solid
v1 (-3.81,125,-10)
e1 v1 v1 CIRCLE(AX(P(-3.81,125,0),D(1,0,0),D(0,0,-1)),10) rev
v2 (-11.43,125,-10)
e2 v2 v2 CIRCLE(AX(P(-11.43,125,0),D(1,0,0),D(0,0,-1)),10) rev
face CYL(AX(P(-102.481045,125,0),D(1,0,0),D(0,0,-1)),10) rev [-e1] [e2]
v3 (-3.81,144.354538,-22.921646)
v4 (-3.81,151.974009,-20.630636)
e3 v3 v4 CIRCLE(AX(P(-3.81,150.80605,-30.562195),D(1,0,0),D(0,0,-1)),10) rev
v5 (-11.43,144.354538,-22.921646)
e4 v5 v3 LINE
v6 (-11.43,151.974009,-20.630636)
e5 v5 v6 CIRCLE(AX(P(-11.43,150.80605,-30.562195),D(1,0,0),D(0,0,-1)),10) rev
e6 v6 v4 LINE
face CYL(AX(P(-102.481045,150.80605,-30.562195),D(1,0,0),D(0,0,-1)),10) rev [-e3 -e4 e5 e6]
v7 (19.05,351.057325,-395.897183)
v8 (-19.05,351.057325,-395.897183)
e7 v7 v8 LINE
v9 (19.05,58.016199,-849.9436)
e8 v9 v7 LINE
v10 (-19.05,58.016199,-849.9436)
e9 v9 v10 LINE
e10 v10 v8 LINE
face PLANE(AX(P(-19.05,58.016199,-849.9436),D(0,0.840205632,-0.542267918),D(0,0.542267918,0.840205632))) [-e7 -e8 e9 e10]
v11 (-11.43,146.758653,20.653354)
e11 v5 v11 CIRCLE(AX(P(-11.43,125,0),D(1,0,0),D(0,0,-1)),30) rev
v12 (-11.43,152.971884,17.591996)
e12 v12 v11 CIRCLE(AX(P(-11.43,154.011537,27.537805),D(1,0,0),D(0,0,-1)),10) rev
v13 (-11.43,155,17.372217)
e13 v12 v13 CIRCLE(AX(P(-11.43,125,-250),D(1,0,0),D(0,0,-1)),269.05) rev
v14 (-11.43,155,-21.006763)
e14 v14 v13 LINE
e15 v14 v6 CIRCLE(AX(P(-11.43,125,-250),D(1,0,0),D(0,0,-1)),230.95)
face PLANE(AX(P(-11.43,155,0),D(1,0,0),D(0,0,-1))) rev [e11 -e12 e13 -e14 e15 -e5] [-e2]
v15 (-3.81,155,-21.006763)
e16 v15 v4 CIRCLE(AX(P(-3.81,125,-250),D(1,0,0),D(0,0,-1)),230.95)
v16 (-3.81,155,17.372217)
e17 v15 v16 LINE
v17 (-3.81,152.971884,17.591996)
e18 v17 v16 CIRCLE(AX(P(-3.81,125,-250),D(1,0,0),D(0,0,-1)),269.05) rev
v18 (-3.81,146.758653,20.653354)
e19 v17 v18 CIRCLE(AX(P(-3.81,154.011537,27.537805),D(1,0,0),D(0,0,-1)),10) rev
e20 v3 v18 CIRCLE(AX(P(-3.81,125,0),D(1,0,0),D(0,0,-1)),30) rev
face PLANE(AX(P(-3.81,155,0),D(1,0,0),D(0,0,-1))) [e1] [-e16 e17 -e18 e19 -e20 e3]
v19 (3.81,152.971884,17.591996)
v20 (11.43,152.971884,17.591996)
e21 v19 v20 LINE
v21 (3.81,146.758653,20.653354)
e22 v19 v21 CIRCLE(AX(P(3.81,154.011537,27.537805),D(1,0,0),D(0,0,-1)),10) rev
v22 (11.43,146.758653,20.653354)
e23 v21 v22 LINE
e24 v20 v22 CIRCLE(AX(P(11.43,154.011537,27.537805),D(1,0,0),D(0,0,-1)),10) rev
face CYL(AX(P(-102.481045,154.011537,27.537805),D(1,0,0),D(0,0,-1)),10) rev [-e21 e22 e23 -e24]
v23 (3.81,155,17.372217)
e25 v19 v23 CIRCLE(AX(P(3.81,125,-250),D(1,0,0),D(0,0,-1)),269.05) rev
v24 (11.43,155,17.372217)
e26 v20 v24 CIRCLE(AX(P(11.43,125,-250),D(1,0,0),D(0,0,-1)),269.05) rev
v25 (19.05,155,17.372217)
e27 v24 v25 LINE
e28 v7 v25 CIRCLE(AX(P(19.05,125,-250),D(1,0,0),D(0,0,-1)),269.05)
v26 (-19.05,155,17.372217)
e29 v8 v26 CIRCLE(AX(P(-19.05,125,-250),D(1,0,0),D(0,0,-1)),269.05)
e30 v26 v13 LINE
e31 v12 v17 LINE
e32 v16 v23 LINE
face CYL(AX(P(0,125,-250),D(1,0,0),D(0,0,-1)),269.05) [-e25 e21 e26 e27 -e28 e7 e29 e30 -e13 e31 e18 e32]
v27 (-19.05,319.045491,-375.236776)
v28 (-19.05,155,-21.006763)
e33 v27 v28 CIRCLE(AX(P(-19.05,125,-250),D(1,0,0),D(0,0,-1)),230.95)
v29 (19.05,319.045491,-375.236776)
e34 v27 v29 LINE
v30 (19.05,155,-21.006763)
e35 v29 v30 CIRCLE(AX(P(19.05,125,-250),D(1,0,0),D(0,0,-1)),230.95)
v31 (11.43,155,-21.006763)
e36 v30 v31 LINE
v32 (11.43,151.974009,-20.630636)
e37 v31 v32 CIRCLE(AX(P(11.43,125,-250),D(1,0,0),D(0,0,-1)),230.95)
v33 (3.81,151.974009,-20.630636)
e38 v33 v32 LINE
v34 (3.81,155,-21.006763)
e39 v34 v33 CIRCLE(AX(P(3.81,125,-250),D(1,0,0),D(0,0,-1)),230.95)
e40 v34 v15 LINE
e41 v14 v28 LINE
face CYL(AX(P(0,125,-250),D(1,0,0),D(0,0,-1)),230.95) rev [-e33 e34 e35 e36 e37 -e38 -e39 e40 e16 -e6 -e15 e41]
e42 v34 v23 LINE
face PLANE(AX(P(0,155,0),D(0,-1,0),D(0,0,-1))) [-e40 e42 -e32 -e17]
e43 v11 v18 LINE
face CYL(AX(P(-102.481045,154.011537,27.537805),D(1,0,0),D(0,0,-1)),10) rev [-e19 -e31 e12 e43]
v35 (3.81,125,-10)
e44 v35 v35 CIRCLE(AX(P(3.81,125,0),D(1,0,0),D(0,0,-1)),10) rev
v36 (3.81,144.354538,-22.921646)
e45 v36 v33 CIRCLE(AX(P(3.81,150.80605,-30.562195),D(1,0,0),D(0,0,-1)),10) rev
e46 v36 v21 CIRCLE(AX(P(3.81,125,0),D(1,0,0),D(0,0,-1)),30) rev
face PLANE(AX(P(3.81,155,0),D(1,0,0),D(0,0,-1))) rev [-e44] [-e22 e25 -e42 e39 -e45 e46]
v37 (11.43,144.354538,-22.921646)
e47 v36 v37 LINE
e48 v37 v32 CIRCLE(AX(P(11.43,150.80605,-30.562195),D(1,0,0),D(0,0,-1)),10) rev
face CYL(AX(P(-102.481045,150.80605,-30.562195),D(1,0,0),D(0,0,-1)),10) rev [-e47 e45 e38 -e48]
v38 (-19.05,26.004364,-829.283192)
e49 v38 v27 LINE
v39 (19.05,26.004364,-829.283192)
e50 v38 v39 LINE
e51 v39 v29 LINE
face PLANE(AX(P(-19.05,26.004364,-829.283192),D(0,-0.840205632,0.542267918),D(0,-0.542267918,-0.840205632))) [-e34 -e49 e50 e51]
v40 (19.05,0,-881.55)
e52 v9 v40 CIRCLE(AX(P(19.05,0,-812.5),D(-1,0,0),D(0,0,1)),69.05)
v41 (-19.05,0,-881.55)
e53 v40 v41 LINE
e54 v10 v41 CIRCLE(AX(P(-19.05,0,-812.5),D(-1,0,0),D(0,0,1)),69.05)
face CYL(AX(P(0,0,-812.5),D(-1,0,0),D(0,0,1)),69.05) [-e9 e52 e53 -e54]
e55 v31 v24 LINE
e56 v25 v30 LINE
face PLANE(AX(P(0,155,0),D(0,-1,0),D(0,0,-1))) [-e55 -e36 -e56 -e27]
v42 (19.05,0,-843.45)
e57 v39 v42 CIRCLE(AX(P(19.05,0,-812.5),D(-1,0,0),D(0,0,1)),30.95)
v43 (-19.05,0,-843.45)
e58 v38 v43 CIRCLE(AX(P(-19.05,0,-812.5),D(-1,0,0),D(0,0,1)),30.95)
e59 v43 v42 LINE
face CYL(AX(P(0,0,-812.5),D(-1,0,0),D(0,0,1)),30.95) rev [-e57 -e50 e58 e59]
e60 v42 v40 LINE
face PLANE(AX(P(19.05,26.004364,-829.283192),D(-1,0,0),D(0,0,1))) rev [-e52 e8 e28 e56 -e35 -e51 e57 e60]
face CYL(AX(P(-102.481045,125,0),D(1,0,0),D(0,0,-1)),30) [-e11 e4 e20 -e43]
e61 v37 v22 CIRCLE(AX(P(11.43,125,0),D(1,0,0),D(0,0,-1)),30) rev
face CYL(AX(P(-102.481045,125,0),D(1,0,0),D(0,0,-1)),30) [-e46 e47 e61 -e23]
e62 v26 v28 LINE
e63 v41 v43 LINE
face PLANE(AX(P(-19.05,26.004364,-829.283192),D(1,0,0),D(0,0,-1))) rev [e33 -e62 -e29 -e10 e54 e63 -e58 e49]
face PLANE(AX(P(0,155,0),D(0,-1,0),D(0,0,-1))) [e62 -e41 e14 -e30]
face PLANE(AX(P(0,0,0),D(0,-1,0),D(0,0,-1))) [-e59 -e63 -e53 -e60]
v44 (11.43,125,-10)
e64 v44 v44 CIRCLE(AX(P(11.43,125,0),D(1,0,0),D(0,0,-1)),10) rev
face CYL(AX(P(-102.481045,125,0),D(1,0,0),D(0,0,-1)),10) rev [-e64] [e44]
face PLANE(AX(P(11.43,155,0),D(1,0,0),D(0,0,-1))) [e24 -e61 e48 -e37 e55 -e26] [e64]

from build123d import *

# Parameters (mm, degrees)
SKETCH3_W           = 38.1
SKETCH3_H           = 38.1
BOSS_EXTRUDE2_DEPTH = 38.1
SKETCH5_R           = 10
CUT_EXTRUDE1_DEPTH  = 967.362983045
SKETCH7_W           = 7.62
SKETCH7_H           = 116.34084036
CUT_EXTRUDE2_DEPTH  = 60


with BuildPart() as part:
    # Sweep1: sweep along a path in Sketch2
    with BuildLine(Plane(origin=(0, 0, 0), x_dir=(0, 0, -1), z_dir=(1, 0, 0))) as sweep1_path:
        ThreePointArc((862.5, 0), (856.407116711, 23.91997287), (839.613395916, 42.010281621))
        Line((839.613395916, 42.010281621), (385.566979579, 335.051408107))
        ThreePointArc((385.566979579, 335.051408107), (130.40013565, 344.535583556), (0, 125))
    # Sketch3 → Sweep1 (sweep)
    with BuildSketch(Plane(origin=(0, 0, 0), x_dir=(1, 0, 0), z_dir=(0, 1, 0))):
        with Locations((0, 862.5)):
            Rectangle(SKETCH3_W, SKETCH3_H)
    sweep(path=sweep1_path.line)

    # Sketch4 → Boss-Extrude2 (add)
    with BuildSketch(Plane(origin=(19.05, 0, 0), x_dir=(0, 0, -1), z_dir=(1, 0, 0))):
        with BuildLine():
            ThreePointArc((22.92164625, 144.354537793), (20.985722139, 147.926611635), (20.630635597, 151.974009223))
            ThreePointArc((20.630635597, 151.974009223), (19.44549754, 138.510140473), (19.05, 125))
            Line((19.05, 125), (10, 125))
            ThreePointArc((10, 125), (0, 115), (-10, 125))
            Line((-10, 125), (-19.05, 125))
            ThreePointArc((-19.05, 125), (-18.685251714, 139.004928115), (-17.591995826, 152.971883559))
            ThreePointArc((-17.591995826, 152.971883559), (-18.567549982, 149.591749406), (-20.65335375, 146.758652966))
            ThreePointArc((-20.65335375, 146.758652966), (-1.652643385, 95.04555509), (22.92164625, 144.354537793))
        make_face()
    extrude(amount=-BOSS_EXTRUDE2_DEPTH)

    # Sketch5 → Cut-Extrude1 (cut, through all)
    with BuildSketch(Plane(origin=(19.05, 0, 0), x_dir=(0, 0, -1), z_dir=(1, 0, 0))):
        with Locations((0, 125)):
            Circle(SKETCH5_R)
    extrude(amount=-CUT_EXTRUDE1_DEPTH, mode=Mode.SUBTRACT)

    # Sketch7 → Cut-Extrude2 (cut)
    with BuildSketch(Plane(origin=(0, 95, 0), x_dir=(-1, 0, 0), z_dir=(0, -1, 0))):
        with Locations((-15.24, -0.743263463)):
            Rectangle(SKETCH7_W, SKETCH7_H)
        with Locations((0, -0.743263463)):
            Rectangle(SKETCH7_W, SKETCH7_H)
        with Locations((15.24, -0.743263463)):
            Rectangle(SKETCH7_W, SKETCH7_H)
    extrude(amount=-CUT_EXTRUDE2_DEPTH, mode=Mode.SUBTRACT)


solid = part.part
